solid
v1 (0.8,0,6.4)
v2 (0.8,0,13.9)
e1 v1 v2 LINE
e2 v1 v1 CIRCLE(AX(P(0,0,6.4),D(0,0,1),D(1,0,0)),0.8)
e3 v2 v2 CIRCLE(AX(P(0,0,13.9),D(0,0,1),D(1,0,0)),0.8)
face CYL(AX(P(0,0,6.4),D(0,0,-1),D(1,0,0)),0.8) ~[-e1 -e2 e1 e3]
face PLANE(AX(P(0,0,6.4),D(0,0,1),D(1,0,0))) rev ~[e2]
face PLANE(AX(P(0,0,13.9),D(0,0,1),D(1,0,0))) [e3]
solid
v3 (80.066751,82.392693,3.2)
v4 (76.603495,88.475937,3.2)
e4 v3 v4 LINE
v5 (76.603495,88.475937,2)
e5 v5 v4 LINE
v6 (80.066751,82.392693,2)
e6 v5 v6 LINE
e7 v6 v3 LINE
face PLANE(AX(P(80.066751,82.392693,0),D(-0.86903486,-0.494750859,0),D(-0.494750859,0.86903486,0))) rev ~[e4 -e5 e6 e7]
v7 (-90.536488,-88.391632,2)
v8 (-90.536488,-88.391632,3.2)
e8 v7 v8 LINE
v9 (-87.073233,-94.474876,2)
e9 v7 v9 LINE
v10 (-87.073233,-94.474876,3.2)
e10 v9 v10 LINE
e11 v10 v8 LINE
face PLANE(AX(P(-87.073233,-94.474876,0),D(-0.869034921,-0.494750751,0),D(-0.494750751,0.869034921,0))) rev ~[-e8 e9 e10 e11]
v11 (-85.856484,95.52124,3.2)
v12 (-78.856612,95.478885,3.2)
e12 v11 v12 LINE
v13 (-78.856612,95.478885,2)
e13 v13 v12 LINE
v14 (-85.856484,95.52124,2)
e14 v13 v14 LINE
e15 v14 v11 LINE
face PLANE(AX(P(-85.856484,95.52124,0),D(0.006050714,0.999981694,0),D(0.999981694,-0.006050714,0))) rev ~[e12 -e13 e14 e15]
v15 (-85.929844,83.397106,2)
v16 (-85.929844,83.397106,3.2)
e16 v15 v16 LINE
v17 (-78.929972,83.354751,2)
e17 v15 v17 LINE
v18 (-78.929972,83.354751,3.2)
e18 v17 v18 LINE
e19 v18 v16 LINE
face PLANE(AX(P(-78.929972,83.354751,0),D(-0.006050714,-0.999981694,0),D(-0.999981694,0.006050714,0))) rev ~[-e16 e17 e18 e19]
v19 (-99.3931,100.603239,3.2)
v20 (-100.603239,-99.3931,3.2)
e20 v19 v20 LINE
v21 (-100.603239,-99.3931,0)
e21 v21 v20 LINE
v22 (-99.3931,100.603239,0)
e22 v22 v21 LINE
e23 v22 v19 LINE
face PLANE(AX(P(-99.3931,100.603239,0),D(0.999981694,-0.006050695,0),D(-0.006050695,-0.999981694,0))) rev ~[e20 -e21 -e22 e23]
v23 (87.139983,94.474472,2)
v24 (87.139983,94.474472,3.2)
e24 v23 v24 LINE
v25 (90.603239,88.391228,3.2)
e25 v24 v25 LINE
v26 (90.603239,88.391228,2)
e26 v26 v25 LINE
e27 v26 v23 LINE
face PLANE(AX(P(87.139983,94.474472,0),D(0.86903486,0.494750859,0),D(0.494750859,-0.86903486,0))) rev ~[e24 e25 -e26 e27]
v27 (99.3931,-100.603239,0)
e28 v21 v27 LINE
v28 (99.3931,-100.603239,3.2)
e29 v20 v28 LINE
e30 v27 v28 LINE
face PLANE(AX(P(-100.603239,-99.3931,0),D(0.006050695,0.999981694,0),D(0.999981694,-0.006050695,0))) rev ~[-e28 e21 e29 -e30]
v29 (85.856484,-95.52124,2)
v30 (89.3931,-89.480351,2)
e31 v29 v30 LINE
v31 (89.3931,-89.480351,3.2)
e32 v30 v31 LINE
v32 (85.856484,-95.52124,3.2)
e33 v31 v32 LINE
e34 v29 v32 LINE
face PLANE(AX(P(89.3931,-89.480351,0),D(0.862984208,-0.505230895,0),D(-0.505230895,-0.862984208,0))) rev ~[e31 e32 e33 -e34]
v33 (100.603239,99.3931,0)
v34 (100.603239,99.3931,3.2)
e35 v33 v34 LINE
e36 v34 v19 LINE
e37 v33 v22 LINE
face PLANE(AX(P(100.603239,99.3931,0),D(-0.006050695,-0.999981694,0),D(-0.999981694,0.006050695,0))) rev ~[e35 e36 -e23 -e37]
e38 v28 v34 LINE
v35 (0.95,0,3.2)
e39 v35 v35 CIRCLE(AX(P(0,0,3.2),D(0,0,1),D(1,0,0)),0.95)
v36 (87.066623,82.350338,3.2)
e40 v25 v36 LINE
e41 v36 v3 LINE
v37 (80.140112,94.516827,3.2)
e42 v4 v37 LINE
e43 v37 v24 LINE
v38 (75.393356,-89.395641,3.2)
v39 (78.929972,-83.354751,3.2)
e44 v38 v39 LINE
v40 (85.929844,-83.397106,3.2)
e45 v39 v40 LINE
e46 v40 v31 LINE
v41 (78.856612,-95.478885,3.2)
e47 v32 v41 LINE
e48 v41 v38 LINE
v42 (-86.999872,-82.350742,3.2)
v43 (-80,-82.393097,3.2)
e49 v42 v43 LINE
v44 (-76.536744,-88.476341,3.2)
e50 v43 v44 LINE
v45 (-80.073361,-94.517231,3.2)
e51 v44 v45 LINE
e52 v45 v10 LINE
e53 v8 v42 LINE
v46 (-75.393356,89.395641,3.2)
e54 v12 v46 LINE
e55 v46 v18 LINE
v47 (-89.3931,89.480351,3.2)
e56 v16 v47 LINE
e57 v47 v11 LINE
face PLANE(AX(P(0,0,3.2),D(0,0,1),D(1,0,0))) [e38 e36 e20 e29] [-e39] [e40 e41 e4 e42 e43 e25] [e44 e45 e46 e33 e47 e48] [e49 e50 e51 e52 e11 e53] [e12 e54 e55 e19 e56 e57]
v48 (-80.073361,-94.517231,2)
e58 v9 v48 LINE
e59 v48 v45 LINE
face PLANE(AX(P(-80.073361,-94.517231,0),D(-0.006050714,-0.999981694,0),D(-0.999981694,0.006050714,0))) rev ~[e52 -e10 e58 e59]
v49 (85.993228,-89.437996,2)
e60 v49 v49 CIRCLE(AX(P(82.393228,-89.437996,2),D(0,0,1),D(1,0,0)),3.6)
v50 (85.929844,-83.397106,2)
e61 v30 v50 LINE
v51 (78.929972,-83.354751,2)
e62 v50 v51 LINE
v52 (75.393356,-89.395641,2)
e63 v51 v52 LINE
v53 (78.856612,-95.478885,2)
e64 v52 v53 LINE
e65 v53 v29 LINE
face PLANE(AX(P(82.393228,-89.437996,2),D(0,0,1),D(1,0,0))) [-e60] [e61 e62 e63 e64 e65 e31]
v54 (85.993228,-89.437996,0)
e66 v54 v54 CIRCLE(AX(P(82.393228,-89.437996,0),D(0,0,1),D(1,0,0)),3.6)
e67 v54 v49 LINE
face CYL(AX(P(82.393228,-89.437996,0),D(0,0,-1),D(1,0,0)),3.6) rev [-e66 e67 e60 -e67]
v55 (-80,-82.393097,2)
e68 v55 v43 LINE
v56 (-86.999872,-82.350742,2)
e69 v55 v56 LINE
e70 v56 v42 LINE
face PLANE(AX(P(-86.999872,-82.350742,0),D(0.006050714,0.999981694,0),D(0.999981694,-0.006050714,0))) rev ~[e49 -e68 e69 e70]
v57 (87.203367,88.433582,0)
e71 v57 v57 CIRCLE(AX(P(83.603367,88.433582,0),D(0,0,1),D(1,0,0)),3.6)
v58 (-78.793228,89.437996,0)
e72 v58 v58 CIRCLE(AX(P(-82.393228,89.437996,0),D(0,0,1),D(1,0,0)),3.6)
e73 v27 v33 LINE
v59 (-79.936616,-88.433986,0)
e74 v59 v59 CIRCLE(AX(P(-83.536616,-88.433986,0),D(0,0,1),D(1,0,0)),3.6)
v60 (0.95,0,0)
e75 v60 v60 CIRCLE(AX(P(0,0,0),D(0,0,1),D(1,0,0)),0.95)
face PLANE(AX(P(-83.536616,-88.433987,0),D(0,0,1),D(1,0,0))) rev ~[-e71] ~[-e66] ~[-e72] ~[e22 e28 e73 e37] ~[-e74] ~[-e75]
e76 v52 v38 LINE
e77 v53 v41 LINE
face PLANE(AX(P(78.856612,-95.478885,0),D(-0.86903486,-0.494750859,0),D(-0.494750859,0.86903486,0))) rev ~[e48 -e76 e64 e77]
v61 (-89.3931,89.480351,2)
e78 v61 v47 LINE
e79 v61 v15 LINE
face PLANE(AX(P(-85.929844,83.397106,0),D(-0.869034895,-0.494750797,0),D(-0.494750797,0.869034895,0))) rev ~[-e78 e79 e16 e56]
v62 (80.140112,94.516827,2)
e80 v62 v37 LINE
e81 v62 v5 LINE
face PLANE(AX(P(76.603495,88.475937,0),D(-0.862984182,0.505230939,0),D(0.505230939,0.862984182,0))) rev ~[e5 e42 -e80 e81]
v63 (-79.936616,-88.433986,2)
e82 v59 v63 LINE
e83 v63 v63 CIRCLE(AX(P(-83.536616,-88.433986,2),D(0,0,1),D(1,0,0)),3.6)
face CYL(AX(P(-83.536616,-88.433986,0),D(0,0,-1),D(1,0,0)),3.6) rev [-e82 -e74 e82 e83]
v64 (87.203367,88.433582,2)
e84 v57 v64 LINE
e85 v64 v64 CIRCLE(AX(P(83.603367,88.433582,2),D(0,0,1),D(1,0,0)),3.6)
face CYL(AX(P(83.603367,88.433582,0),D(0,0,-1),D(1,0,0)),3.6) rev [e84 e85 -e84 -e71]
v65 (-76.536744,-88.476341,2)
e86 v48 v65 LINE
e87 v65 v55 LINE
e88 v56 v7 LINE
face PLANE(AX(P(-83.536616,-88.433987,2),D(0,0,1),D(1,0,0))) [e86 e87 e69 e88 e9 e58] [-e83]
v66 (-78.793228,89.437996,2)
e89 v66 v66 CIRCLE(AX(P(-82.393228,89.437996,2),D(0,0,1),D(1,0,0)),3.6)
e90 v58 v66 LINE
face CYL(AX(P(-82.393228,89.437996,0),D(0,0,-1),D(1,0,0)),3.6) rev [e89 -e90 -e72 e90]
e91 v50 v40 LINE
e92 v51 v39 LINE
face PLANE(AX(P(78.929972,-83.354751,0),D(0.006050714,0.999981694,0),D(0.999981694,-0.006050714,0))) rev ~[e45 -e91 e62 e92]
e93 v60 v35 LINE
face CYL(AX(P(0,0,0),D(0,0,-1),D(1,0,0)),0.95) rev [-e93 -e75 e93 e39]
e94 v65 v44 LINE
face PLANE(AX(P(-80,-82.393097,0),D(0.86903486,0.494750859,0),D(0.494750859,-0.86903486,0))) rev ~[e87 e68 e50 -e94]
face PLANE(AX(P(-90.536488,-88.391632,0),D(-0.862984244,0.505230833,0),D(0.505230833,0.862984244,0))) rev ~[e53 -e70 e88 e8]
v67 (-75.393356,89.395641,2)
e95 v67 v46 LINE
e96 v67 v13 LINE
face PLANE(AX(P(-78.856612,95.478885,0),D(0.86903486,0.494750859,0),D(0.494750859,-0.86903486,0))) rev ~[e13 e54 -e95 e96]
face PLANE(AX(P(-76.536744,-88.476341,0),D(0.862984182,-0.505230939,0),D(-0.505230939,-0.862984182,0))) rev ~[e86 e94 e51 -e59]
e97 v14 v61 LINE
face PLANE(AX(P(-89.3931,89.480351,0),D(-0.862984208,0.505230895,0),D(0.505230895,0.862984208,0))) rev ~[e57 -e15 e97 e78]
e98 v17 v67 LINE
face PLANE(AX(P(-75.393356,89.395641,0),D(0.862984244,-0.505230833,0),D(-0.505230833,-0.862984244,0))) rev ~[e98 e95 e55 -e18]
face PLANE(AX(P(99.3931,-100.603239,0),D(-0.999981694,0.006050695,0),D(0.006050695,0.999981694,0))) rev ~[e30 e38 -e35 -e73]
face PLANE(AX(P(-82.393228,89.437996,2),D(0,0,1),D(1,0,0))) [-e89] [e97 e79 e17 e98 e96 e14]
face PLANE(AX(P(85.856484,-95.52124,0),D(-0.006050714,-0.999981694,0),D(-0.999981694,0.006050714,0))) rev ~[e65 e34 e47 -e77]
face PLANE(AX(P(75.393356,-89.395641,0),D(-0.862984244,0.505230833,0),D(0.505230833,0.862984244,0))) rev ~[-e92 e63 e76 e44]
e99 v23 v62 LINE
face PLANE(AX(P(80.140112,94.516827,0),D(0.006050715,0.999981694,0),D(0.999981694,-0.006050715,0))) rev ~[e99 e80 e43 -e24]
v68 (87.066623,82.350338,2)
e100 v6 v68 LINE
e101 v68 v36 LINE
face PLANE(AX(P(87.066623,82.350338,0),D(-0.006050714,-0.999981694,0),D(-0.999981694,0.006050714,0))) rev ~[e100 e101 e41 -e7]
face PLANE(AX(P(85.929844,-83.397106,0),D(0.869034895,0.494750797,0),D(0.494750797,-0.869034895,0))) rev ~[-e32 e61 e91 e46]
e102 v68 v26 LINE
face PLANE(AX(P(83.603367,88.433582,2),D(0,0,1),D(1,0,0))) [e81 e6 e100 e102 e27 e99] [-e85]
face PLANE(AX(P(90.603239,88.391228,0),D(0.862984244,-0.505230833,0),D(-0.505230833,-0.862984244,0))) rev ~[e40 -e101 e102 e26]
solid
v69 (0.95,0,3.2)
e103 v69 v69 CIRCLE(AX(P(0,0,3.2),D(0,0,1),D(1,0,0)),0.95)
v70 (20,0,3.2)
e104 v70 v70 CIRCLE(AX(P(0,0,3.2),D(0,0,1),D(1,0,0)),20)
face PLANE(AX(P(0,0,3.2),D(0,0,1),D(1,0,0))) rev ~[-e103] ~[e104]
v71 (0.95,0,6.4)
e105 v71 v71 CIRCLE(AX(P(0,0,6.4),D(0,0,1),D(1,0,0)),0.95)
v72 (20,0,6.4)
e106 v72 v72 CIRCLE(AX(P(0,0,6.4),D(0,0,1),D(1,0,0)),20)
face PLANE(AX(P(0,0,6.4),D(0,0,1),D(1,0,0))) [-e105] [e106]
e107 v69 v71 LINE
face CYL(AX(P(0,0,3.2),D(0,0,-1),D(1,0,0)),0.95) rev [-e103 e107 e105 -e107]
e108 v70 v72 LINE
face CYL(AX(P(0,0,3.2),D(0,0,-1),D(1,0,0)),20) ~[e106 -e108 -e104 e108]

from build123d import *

# Parameters (mm, degrees)
F0_R     = 0.95
F1_DEPTH = 3.2
F0_R_2   = 3.6
F2_DEPTH = 2
F3_R     = 20
F3_R_2   = 0.95
F4_DEPTH = 3.2
F5_R     = 0.8
F6_DEPTH = 7.5


with BuildPart() as f1:
    # F0 (on Top) → F1 (new body)
    with BuildSketch(Plane.XY):
        Polygon((100.603239, 99.3931), (-99.3931, 100.603239), (-100.603239, -99.3931), (99.3931, -100.603239), align=None)
        Polygon((-87.073233, -94.474876), (-90.536488, -88.391632), (-86.999872, -82.350742), (-80, -82.393097), (-76.536744, -88.476341), (-80.073361, -94.517231), align=None, mode=Mode.SUBTRACT)
        Circle(F0_R, mode=Mode.SUBTRACT)
        Polygon((85.929844, -83.397106), (89.3931, -89.480351), (85.856484, -95.52124), (78.856612, -95.478885), (75.393356, -89.395641), (78.929972, -83.354751), align=None, mode=Mode.SUBTRACT)
        Polygon((-78.856612, 95.478885), (-75.393356, 89.395641), (-78.929972, 83.354751), (-85.929844, 83.397106), (-89.3931, 89.480351), (-85.856484, 95.52124), align=None, mode=Mode.SUBTRACT)
        Polygon((87.139983, 94.474472), (90.603239, 88.391228), (87.066623, 82.350338), (80.066751, 82.392693), (76.603495, 88.475937), (80.140112, 94.516827), align=None, mode=Mode.SUBTRACT)
    extrude(amount=F1_DEPTH)

    # F0 (on Top) → F2 (join)
    with BuildSketch(Plane.XY):
        Polygon((-86.999872, -82.350742), (-90.536488, -88.391632), (-87.073233, -94.474876), (-80.073361, -94.517231), (-76.536744, -88.476341), (-80, -82.393097), align=None)
        with Locations((-83.536616, -88.433986)):
            Circle(F0_R_2, mode=Mode.SUBTRACT)
        Polygon((-78.929972, 83.354751), (-75.393356, 89.395641), (-78.856612, 95.478885), (-85.856484, 95.52124), (-89.3931, 89.480351), (-85.929844, 83.397106), align=None)
        with Locations((-82.393228, 89.437996)):
            Circle(F0_R_2, mode=Mode.SUBTRACT)
        Polygon((85.856484, -95.52124), (89.3931, -89.480351), (85.929844, -83.397106), (78.929972, -83.354751), (75.393356, -89.395641), (78.856612, -95.478885), align=None)
        with Locations((82.393228, -89.437996)):
            Circle(F0_R_2, mode=Mode.SUBTRACT)
        Polygon((87.066623, 82.350338), (90.603239, 88.391228), (87.139983, 94.474472), (80.140112, 94.516827), (76.603495, 88.475937), (80.066751, 82.392693), align=None)
        with Locations((83.603367, 88.433582)):
            Circle(F0_R_2, mode=Mode.SUBTRACT)
    extrude(amount=F2_DEPTH)


with BuildPart() as f4:
    # F3 (on face) → F4 (new body)
    with BuildSketch(Plane.XY.offset(3.2)):
        Circle(F3_R)
        Circle(F3_R_2, mode=Mode.SUBTRACT)
    extrude(amount=F4_DEPTH)


with BuildPart() as f6:
    # F5 (on face) → F6 (new body)
    with BuildSketch(Plane.XY.offset(6.4)):
        Circle(F5_R)
    extrude(amount=F6_DEPTH)


solid = Compound([f1.part, f4.part, f6.part])
